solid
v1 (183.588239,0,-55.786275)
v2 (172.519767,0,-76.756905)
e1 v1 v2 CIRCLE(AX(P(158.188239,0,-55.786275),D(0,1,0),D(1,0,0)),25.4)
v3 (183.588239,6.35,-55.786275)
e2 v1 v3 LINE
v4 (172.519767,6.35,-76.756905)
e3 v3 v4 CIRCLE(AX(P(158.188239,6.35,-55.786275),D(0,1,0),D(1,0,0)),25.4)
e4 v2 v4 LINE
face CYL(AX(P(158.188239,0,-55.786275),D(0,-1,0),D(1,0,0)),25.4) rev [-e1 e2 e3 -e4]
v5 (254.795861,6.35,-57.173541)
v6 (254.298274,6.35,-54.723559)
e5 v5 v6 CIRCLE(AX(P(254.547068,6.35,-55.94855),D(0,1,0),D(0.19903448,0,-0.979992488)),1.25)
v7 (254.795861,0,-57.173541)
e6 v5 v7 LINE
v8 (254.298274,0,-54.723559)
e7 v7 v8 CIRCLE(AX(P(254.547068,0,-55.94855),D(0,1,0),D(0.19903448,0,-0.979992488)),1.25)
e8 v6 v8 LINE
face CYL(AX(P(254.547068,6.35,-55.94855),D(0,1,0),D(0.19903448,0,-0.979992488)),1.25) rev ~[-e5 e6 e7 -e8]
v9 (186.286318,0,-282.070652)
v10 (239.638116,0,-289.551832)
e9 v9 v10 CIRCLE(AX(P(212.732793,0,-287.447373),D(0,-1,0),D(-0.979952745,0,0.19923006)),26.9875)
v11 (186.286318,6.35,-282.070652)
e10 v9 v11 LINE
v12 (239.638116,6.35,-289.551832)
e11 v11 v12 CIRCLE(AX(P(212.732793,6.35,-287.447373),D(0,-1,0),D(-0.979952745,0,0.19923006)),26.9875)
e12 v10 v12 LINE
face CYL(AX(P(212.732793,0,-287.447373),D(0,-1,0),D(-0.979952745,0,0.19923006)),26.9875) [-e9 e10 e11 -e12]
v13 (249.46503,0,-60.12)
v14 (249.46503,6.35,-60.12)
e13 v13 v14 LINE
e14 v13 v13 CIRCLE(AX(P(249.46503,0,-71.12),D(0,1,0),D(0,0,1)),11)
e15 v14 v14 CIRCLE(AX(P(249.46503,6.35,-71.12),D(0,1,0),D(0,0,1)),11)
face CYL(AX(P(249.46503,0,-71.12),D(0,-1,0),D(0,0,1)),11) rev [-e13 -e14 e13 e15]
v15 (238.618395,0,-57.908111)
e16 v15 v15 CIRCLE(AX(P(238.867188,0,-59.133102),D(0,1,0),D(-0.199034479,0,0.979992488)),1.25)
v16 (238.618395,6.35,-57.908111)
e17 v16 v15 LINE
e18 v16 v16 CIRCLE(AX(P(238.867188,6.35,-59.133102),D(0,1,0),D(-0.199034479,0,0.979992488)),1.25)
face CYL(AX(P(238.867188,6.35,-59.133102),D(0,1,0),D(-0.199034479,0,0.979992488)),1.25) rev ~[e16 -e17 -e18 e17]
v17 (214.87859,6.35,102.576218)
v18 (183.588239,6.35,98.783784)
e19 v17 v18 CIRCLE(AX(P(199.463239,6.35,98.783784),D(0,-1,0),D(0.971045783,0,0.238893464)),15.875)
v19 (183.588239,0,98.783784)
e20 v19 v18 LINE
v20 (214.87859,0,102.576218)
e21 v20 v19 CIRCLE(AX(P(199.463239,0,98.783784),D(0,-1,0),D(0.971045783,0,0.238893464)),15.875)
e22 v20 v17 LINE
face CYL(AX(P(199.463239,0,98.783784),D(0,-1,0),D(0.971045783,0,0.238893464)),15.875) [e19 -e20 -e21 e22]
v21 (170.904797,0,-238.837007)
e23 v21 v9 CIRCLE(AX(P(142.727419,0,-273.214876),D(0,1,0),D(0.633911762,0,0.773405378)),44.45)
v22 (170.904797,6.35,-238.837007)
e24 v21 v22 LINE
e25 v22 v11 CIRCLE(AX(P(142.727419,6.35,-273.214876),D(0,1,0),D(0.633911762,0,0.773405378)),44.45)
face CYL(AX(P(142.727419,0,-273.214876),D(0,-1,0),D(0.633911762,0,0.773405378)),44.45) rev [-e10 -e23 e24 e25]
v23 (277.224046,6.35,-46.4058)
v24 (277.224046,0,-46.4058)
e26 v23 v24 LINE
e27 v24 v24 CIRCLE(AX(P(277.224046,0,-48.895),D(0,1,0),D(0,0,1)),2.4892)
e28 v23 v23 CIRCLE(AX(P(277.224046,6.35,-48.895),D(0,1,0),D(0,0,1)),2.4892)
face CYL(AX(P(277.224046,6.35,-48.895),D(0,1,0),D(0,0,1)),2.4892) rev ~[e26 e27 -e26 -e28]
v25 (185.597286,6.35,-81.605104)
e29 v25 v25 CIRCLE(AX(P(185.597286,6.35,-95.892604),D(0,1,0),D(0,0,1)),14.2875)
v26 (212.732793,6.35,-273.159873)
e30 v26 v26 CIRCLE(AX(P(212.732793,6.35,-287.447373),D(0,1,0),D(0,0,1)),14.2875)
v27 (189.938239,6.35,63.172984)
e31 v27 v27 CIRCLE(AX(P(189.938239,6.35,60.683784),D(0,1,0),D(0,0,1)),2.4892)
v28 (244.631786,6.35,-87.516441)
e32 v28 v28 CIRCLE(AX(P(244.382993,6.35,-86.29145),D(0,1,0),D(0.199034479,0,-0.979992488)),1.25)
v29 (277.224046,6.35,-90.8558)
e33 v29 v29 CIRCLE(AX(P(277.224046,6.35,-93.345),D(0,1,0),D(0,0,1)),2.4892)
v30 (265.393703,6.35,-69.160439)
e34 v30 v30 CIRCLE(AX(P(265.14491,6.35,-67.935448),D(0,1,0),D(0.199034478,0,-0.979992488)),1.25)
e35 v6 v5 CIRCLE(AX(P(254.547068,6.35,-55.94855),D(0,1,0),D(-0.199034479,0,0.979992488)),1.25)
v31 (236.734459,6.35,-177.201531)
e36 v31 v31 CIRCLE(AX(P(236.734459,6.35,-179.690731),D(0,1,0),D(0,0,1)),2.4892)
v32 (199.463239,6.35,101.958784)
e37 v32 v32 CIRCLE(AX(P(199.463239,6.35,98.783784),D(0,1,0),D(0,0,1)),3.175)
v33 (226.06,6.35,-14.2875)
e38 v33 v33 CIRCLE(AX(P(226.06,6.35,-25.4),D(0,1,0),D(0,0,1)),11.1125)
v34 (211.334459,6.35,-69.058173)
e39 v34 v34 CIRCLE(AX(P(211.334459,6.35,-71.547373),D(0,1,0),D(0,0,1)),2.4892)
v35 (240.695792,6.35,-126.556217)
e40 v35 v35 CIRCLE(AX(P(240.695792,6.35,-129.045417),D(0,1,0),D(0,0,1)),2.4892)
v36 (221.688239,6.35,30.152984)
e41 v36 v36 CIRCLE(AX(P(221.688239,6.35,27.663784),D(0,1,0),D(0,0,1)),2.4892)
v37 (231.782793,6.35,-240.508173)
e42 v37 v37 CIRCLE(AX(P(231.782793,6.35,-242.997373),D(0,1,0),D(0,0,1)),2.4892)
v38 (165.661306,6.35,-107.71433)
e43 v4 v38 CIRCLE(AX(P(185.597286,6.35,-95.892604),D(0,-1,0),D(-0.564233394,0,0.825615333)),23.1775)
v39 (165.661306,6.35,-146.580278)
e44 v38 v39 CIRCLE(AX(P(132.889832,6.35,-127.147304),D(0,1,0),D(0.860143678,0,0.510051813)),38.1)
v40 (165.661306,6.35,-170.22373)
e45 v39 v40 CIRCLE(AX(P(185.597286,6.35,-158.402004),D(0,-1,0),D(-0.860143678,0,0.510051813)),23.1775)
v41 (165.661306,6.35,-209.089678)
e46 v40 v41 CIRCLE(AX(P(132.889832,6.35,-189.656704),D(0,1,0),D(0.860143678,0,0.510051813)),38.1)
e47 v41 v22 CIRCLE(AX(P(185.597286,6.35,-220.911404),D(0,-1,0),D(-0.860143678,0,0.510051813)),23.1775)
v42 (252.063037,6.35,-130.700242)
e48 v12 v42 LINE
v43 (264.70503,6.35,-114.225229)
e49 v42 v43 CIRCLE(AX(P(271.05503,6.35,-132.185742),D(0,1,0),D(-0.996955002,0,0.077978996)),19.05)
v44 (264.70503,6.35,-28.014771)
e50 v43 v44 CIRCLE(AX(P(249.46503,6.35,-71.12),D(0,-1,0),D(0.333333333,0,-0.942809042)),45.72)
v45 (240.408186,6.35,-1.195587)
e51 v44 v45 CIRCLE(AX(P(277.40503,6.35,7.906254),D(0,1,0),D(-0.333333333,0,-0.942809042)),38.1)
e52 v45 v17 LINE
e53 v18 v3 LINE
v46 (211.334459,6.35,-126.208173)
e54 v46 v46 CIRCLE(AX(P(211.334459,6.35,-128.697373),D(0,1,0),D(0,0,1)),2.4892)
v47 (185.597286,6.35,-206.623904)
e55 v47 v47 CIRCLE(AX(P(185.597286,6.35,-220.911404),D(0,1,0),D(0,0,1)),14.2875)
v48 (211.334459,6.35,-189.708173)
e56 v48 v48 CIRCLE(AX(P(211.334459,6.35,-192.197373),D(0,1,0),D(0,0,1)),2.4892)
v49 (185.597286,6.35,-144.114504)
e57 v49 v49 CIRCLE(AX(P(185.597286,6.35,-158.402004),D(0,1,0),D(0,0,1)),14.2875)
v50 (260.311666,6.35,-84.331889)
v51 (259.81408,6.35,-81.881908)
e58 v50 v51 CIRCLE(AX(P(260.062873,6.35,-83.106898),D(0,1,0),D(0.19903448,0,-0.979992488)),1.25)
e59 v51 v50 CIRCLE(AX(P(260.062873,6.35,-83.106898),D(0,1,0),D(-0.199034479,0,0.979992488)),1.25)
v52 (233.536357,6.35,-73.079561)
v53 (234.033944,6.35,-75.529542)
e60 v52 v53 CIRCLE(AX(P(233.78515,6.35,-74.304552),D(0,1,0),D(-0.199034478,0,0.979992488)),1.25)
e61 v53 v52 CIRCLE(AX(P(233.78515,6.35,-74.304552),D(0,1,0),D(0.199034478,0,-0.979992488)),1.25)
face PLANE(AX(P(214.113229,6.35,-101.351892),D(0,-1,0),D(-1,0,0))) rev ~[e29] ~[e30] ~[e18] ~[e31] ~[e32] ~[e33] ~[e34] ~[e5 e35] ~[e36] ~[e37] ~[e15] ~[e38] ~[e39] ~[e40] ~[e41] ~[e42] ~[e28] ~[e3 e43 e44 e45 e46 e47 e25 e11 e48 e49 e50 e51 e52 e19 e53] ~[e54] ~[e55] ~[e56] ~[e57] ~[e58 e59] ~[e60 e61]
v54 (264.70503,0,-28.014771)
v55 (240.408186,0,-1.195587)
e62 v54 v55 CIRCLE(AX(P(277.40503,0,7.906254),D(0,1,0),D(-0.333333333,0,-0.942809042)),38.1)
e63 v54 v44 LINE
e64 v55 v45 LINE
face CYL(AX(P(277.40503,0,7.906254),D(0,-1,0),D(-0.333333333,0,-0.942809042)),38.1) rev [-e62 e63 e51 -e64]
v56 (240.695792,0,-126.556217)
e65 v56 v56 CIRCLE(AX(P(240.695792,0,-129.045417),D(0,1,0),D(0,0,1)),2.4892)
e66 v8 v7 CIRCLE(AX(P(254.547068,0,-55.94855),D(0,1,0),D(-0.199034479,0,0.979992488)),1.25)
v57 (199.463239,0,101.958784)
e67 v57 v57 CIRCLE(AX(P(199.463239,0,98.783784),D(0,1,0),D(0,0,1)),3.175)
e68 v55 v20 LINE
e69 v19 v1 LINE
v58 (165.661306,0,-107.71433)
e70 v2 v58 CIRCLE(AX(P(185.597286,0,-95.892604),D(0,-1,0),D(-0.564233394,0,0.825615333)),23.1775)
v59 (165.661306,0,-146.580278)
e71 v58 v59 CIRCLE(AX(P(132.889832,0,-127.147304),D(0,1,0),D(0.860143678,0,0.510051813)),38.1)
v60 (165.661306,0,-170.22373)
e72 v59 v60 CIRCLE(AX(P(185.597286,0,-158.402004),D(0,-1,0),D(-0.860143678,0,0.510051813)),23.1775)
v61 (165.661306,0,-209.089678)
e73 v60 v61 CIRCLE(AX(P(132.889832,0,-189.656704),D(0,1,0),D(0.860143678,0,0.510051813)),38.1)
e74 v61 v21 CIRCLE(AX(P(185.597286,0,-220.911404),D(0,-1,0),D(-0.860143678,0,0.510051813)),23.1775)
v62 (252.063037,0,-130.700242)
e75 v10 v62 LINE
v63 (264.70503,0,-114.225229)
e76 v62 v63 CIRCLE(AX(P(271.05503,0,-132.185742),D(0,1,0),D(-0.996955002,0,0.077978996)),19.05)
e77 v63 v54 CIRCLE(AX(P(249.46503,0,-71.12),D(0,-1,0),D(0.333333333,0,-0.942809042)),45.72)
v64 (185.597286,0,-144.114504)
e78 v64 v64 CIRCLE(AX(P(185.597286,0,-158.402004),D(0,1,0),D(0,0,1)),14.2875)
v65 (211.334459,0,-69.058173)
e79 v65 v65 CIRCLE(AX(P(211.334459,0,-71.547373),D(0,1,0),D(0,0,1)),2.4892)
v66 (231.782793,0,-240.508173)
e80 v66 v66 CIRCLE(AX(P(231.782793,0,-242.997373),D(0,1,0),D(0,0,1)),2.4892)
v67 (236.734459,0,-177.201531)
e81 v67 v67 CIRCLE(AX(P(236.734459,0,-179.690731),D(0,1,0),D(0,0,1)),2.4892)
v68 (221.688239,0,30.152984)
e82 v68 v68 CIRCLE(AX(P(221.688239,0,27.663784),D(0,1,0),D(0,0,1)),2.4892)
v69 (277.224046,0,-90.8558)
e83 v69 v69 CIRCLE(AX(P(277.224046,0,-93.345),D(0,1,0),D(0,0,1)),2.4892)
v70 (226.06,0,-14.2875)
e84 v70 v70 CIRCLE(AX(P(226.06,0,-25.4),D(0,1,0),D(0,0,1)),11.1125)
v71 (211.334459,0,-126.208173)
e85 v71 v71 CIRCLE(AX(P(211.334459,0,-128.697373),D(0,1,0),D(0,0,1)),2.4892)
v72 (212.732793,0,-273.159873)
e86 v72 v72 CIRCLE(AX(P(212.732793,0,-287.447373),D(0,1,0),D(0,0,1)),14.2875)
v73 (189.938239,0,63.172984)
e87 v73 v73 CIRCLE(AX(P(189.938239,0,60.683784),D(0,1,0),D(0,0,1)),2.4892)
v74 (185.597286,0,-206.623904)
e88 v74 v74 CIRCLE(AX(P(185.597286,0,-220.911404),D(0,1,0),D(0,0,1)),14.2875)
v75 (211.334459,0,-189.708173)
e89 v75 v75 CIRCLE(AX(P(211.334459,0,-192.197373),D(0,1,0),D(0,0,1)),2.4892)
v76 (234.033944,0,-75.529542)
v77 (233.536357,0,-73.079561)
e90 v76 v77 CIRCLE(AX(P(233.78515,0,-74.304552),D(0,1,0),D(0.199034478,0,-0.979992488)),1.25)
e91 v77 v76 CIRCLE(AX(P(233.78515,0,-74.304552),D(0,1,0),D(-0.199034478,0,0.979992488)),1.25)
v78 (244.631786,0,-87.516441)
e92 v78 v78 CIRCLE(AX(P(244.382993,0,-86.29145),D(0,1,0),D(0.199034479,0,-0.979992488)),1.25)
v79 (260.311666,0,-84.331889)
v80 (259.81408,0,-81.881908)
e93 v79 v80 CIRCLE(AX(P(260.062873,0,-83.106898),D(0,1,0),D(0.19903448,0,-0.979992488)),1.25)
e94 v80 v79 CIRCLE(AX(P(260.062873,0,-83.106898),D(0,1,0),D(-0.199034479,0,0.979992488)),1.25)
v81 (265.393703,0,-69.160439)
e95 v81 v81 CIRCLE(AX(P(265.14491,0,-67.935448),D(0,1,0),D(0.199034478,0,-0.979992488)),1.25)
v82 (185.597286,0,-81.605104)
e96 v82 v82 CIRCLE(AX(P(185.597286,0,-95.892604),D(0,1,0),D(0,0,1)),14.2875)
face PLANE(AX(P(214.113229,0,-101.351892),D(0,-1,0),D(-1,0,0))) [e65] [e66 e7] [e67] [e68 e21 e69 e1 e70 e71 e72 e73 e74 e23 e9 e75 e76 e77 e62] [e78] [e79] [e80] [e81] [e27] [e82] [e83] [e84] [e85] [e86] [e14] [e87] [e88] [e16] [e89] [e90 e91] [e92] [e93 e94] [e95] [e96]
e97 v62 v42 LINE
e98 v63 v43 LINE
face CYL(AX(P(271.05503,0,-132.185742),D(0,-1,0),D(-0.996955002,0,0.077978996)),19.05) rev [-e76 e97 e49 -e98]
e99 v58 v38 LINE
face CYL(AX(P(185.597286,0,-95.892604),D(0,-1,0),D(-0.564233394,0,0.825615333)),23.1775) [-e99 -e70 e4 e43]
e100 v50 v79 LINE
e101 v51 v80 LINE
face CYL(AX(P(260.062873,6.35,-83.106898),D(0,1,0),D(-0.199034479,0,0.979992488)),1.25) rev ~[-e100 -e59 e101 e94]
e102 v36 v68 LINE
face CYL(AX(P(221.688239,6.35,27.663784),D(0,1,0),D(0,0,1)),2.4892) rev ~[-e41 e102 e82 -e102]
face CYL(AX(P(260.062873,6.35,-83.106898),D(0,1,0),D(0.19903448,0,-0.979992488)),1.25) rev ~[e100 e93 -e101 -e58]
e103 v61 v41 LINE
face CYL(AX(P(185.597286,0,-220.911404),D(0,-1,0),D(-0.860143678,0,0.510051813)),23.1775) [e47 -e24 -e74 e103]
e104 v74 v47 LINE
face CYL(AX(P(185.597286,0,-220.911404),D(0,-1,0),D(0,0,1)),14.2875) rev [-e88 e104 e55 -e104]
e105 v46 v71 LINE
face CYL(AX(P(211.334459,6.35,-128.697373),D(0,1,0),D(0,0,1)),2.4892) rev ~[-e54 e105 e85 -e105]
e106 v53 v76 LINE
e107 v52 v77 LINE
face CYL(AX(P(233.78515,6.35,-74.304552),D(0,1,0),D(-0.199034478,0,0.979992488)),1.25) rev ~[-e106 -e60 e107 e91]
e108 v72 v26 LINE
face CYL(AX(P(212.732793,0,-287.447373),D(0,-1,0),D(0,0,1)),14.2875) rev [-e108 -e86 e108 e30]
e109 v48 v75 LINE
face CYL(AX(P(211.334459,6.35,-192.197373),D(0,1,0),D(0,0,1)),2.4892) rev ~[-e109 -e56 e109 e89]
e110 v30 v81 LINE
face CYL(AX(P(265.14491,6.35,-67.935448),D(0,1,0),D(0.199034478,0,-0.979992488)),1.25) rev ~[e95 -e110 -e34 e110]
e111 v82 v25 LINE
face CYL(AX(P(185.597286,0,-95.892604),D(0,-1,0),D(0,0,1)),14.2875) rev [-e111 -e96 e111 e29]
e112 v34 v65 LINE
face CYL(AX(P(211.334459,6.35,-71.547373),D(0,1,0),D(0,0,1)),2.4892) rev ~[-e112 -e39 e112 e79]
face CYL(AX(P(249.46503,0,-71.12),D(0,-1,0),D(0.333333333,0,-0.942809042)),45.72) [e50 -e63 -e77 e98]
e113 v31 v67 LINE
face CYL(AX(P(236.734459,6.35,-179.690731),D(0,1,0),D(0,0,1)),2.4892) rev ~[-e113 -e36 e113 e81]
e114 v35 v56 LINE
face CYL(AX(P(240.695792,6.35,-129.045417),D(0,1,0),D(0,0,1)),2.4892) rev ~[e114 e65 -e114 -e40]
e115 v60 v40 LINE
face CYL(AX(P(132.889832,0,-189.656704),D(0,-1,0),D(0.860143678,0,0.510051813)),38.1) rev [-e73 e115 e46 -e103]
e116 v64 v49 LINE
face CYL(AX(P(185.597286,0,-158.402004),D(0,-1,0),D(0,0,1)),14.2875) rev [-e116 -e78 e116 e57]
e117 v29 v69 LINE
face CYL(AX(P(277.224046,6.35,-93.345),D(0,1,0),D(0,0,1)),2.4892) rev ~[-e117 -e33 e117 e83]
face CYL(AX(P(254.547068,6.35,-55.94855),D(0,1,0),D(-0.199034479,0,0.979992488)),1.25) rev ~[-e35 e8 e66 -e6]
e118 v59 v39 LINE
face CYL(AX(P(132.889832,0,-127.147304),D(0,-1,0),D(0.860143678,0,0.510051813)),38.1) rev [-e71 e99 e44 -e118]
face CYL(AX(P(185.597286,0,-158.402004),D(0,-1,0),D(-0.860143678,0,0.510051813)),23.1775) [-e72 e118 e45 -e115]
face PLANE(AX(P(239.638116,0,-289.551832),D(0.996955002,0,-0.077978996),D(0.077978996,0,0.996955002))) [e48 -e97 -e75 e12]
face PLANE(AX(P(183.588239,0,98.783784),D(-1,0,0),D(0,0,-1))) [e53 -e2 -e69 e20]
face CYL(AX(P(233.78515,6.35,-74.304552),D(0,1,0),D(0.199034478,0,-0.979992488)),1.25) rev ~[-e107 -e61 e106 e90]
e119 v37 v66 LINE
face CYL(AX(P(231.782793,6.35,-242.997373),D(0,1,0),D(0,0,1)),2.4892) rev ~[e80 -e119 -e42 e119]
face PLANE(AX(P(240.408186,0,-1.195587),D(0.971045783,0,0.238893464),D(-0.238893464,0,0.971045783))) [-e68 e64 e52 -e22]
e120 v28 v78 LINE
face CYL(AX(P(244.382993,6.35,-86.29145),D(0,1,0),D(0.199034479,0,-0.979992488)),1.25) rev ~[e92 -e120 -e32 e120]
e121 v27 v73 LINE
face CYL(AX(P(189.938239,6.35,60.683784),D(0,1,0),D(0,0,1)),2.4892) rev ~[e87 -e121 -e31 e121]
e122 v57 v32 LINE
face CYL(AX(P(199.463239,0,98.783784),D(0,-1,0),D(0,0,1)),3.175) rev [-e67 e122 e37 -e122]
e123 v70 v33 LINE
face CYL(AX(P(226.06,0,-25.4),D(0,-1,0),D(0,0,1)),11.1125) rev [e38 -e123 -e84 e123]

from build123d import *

# Parameters (mm, degrees)
SKETCH2_R           = 14.2875
SKETCH2_R_2         = 3.175
SKETCH2_R_3         = 11.000000098
SKETCH2_R_4         = 11.1125
BOSS_EXTRUDE1_DEPTH = 6.35
CUT_EXTRUDE1_DEPTH  = 432.327965994
SKETCH4_R           = 2.4892
CUT_EXTRUDE2_DEPTH  = 432.327965994


with BuildPart() as part:
    # Sketch2 → Boss-Extrude1 (new body)
    with BuildSketch(Plane(origin=(0, 0, 0), x_dir=(1, 0, 0), z_dir=(0, 1, 0))):
        with BuildLine():
            Line((239.638116078, 289.551831635), (252.063037476, 130.700241744))
            ThreePointArc((252.063037476, 130.700241744), (255.941769276, 120.588679828), (264.705030265, 114.225229381))
            ThreePointArc((264.705030265, 114.225229381), (295.185030265, 71.12), (264.705030265, 28.014770619))
            ThreePointArc((264.705030265, 28.014770619), (249.169215503, 17.673987821), (240.408185929, 1.19558711))
            Line((240.408185929, 1.19558711), (214.878590493, -102.576218058))
            ThreePointArc((214.878590493, -102.576218058), (197.553145093, -114.543453333), (183.588238686, -98.783784318))
            Line((183.588238686, -98.783784318), (183.588238686, 55.786275092))
            ThreePointArc((183.588238686, 55.786275092), (180.651328593, 67.642479874), (172.519766888, 76.756904539))
            ThreePointArc((172.519766888, 76.756904539), (162.968469926, 90.879304348), (165.661306265, 107.714329816))
            ThreePointArc((165.661306265, 107.714329816), (170.989832116, 127.147303909), (165.661306265, 146.580278002))
            ThreePointArc((165.661306265, 146.580278002), (162.419786372, 158.402003909), (165.661306265, 170.223729816))
            ThreePointArc((165.661306265, 170.223729816), (170.989832116, 189.656703909), (165.661306265, 209.089678002))
            ThreePointArc((165.661306265, 209.089678002), (162.771672921, 224.934819973), (170.904796514, 238.837007052))
            ThreePointArc((170.904796514, 238.837007052), (184.60593815, 258.315476471), (186.286318241, 282.07065224))
            ThreePointArc((186.286318241, 282.07065224), (208.98517415, 314.173400291), (239.638116078, 289.551831635))
        make_face()
        with Locations(Location((185.597286372, 95.892603909, 0), (0, 0, 270))):
            Circle(SKETCH2_R, mode=Mode.SUBTRACT)
        with Locations(Location((185.597286372, 158.402003909, 0), (0, 0, 270))):
            Circle(SKETCH2_R, mode=Mode.SUBTRACT)
        with Locations(Location((185.597286372, 220.911403909, 0), (0, 0, 270))):
            Circle(SKETCH2_R, mode=Mode.SUBTRACT)
        with Locations(Location((212.73279296, 287.447373473, 0), (0, 0, 270))):
            Circle(SKETCH2_R, mode=Mode.SUBTRACT)
        with Locations(Location((199.463238686, -98.783784318, 0), (0, 0, 270))):
            Circle(SKETCH2_R_2, mode=Mode.SUBTRACT)
        with Locations(Location((249.465030265, 71.12, 0), (0, 0, 270))):
            Circle(SKETCH2_R_3, mode=Mode.SUBTRACT)
        with Locations(Location((226.06, 25.4, 0), (0, 0, 270))):
            Circle(SKETCH2_R_4, mode=Mode.SUBTRACT)
    extrude(amount=BOSS_EXTRUDE1_DEPTH)

    # Sketch3 → Cut-Extrude1 (cut, through all)
    with BuildSketch(Plane(origin=(0, 6.35, 0), x_dir=(1, 0, 0), z_dir=(0, 1, 0))):
        with BuildLine():
            ThreePointArc((233.536357361, 73.079561051), (235.010141069, 74.055758562), (234.033943558, 75.529542271))
            ThreePointArc((234.033943558, 75.529542271), (232.56015985, 74.553344759), (233.536357361, 73.079561051))
        make_face()
        with BuildLine():
            ThreePointArc((254.795860629, 57.173540539), (253.32207692, 56.197343028), (254.298274432, 54.72355932))
            ThreePointArc((254.298274432, 54.72355932), (255.77205814, 55.699756831), (254.795860629, 57.173540539))
        make_face()
        with BuildLine():
            ThreePointArc((264.896116972, 66.710457729), (266.369900681, 67.686655241), (265.393703169, 69.160438949))
            ThreePointArc((265.393703169, 69.160438949), (263.919919461, 68.184241438), (264.896116972, 66.710457729))
        make_face()
        with BuildLine():
            ThreePointArc((259.814079708, 81.8819078), (261.287863416, 82.858105311), (260.311665905, 84.331889019))
            ThreePointArc((260.311665905, 84.331889019), (258.837882196, 83.355691508), (259.814079708, 81.8819078))
        make_face()
        with BuildLine():
            ThreePointArc((244.134199902, 85.066459461), (245.60798361, 86.042656972), (244.631786099, 87.51644068))
            ThreePointArc((244.631786099, 87.51644068), (243.158002391, 86.540243169), (244.134199902, 85.066459461))
        make_face()
        with BuildLine():
            ThreePointArc((239.115980823, 60.3580922), (237.642197115, 59.381894689), (238.618394626, 57.908110981))
            ThreePointArc((238.618394626, 57.908110981), (240.092178334, 58.884308492), (239.115980823, 60.3580922))
        make_face()
    extrude(amount=-CUT_EXTRUDE1_DEPTH, mode=Mode.SUBTRACT)

    # Sketch4 → Cut-Extrude2 (cut, through all)
    with BuildSketch(Plane(origin=(0, 6.35, 0), x_dir=(1, 0, 0), z_dir=(0, 1, 0))):
        with Locations(Location((231.78279296, 242.997373473, 0), (0, 0, 270))):
            Circle(SKETCH4_R)
        with Locations(Location((211.334459224, 192.197373473, 0), (0, 0, 270))):
            Circle(SKETCH4_R)
        with Locations(Location((236.734459224, 179.690730842, 0), (0, 0, 270))):
            Circle(SKETCH4_R)
        with Locations(Location((211.334459224, 128.697373473, 0), (0, 0, 270))):
            Circle(SKETCH4_R)
        with Locations(Location((211.334459224, 71.547373473, 0), (0, 0, 270))):
            Circle(SKETCH4_R)
        with Locations(Location((221.688238686, -27.663784318, 0), (0, 0, 270))):
            Circle(SKETCH4_R)
        with Locations(Location((189.938238686, -60.683784318, 0), (0, 0, 270))):
            Circle(SKETCH4_R)
        with Locations(Location((277.224046368, 93.345, 0), (0, 0, 270))):
            Circle(SKETCH4_R)
        with Locations(Location((277.224046368, 48.895, 0), (0, 0, 270))):
            Circle(SKETCH4_R)
        with Locations(Location((240.695792235, 129.045416737, 0), (0, 0, 270))):
            Circle(SKETCH4_R)
    extrude(amount=-CUT_EXTRUDE2_DEPTH, mode=Mode.SUBTRACT)


solid = part.part
